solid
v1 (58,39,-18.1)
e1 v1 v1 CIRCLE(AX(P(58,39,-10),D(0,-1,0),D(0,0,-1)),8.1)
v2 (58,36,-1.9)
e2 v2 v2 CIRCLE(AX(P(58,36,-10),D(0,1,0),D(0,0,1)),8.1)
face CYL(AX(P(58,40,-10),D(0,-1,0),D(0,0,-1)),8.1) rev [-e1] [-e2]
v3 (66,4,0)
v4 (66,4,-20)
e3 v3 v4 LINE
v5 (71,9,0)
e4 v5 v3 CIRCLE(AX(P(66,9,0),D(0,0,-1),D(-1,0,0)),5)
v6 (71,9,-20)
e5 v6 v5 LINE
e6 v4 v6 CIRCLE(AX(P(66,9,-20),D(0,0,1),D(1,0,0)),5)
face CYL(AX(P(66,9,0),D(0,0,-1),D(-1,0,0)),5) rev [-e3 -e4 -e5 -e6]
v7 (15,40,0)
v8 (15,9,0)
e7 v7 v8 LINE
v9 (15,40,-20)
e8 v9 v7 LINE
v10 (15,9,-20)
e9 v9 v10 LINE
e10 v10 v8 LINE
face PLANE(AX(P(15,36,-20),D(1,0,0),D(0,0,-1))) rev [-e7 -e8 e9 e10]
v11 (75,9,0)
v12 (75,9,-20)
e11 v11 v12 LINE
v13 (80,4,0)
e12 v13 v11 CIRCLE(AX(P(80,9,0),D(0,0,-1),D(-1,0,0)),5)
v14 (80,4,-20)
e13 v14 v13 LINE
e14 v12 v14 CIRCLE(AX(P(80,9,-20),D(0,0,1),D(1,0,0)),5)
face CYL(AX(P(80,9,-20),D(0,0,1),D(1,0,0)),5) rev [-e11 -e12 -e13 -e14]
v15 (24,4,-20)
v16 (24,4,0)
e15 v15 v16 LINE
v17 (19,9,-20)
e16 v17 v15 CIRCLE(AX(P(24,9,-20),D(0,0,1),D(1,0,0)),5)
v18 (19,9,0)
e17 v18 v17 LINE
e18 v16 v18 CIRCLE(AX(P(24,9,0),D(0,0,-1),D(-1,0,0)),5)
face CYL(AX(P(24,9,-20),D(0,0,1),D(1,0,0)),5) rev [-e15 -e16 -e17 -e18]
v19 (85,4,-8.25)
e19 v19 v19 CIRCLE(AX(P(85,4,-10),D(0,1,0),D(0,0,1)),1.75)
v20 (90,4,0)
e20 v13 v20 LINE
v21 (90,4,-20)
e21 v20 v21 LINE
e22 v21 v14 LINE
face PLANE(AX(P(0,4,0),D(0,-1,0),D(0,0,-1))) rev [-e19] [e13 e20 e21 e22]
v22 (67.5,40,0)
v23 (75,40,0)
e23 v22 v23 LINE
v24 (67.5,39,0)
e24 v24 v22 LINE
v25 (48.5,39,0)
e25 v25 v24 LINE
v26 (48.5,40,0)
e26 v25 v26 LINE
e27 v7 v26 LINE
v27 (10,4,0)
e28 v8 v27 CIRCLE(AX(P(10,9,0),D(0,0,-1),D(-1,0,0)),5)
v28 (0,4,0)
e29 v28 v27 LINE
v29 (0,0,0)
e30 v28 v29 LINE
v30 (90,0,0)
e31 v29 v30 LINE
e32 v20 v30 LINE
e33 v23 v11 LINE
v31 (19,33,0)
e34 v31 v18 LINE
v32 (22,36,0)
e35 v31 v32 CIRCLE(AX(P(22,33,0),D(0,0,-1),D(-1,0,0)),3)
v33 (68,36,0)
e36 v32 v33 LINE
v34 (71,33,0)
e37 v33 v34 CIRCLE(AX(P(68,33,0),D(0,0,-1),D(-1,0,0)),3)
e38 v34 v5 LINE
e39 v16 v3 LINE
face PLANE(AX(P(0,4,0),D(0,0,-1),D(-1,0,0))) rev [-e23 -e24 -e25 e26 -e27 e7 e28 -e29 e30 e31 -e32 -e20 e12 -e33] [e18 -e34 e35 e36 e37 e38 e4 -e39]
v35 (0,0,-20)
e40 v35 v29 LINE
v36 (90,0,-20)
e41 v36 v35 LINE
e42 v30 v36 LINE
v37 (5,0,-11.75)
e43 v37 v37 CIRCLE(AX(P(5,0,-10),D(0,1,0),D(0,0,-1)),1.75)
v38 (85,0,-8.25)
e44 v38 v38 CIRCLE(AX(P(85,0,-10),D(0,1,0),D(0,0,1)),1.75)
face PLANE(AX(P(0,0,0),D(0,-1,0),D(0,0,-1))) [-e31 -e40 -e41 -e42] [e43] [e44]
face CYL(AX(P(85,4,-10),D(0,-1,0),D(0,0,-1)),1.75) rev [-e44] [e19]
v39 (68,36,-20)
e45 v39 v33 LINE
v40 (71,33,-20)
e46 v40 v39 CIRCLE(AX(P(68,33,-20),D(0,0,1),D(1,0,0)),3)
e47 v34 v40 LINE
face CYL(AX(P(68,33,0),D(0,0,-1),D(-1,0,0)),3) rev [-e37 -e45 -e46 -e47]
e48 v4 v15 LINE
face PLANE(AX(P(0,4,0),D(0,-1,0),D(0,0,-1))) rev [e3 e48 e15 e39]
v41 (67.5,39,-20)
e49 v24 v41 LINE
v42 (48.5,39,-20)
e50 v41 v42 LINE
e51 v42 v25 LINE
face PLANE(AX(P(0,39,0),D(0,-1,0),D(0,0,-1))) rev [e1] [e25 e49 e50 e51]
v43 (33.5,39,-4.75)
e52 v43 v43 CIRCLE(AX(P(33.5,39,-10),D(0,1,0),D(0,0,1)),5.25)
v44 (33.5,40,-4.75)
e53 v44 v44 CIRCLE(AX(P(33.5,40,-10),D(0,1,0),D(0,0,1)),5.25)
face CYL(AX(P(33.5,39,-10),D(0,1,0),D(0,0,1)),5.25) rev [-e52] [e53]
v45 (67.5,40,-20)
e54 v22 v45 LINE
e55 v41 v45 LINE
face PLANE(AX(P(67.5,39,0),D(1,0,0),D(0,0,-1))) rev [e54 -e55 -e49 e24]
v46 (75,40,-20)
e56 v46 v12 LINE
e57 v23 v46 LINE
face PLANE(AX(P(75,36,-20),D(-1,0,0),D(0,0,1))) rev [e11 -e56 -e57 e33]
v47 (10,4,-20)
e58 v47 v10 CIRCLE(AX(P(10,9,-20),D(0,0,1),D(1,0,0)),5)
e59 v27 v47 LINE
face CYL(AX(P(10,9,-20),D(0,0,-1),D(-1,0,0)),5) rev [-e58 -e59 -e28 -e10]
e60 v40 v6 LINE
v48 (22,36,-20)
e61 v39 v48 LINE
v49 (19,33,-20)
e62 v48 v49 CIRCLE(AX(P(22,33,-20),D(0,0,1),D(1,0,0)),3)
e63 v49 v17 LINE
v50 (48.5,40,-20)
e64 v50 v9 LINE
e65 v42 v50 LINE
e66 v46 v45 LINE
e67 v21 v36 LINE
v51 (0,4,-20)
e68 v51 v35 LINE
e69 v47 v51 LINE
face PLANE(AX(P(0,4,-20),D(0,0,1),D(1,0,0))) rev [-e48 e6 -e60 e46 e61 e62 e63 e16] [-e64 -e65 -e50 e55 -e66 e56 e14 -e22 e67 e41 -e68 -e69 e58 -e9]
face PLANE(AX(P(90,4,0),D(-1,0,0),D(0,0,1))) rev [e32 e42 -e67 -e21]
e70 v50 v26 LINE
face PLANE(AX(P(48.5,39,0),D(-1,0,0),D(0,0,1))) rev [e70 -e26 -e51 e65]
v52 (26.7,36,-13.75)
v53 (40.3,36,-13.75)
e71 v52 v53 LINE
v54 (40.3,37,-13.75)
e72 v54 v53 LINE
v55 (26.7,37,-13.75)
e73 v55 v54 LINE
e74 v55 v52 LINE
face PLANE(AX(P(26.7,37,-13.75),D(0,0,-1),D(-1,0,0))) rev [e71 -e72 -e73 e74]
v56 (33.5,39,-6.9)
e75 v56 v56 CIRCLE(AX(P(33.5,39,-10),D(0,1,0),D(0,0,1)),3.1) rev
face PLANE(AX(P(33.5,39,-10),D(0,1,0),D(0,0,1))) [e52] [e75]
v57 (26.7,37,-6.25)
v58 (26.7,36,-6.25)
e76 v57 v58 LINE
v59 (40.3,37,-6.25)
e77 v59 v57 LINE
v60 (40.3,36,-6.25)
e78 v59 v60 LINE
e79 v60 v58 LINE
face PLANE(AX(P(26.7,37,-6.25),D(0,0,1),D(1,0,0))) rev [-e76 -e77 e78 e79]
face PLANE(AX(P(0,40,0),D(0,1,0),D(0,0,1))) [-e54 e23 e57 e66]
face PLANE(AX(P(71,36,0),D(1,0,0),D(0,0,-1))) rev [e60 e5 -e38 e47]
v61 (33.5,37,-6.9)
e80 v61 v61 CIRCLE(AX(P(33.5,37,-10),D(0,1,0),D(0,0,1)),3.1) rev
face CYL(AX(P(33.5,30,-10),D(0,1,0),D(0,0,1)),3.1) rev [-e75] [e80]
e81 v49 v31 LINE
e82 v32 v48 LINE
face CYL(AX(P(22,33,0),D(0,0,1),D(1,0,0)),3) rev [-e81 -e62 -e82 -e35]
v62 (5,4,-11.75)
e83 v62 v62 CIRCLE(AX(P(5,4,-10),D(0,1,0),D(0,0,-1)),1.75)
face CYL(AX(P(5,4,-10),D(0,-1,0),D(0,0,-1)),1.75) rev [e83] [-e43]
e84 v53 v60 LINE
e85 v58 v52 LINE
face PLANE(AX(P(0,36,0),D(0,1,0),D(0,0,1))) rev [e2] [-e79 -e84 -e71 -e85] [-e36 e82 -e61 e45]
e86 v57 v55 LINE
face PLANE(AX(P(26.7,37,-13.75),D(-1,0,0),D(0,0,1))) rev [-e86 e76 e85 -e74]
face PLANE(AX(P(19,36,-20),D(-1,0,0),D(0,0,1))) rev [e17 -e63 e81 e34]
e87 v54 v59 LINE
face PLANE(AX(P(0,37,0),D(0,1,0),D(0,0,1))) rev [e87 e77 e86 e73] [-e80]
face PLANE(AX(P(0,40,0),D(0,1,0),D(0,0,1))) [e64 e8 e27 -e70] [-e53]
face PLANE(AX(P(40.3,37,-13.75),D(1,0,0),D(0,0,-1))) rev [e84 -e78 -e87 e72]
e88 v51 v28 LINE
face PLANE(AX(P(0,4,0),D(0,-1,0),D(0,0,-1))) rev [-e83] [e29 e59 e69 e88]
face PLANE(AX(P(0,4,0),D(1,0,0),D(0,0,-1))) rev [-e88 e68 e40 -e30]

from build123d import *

# Parameters (mm, degrees)
SKETCH_1_W          = 90
SKETCH_1_H          = 20
SKETCH_1_R          = 1.75
EXTRUDE_1_DEPTH     = 4
SKETCH_2_W          = 4
SKETCH_2_H          = 20
EXTRUDE_2_DEPTH     = 32
SKETCH_3_W          = 60
SKETCH_3_H          = 20
SKETCH_3_R          = 8.1
EXTRUDE_3_DEPTH     = 4
FILLET_1_R          = 5
FILLET_2_R          = 3
SKETCH_4_W          = 19
SKETCH_4_H          = 20
CUT_EXTRUDE_1_DEPTH = 1
SKETCH_5_R          = 3.1
CUT_EXTRUDE_2_DEPTH = 10
SKETCH_6_W          = 13.6
SKETCH_6_H          = 7.5
CUT_EXTRUDE_3_DEPTH = 1
SKETCH_7_R          = 5.25
CUT_EXTRUDE_4_DEPTH = 1


with BuildPart() as part:
    # 草图1 → 凸台-拉伸1 (new body)
    with BuildSketch(Plane(origin=(0, 0, 0), x_dir=(1, 0, 0), z_dir=(0, 1, 0))):
        with Locations((45, 10)):
            Rectangle(SKETCH_1_W, SKETCH_1_H)
        with Locations(Location((85, 10, 0), (0, 0, 270))):
            Circle(SKETCH_1_R, mode=Mode.SUBTRACT)
        with Locations(Location((5, 10, 0), (0, 0, 90))):
            Circle(SKETCH_1_R, mode=Mode.SUBTRACT)
    extrude(amount=EXTRUDE_1_DEPTH)

    # 草图2 → 凸台-拉伸2 (add)
    with BuildSketch(Plane(origin=(0, 4, 0), x_dir=(1, 0, 0), z_dir=(0, 1, 0))):
        with Locations((17, 10)):
            Rectangle(SKETCH_2_W, SKETCH_2_H)
        with Locations((73, 10)):
            Rectangle(SKETCH_2_W, SKETCH_2_H)
    extrude(amount=EXTRUDE_2_DEPTH)

    # 草图3 → 凸台-拉伸3 (add)
    with BuildSketch(Plane(origin=(0, 36, 0), x_dir=(1, 0, 0), z_dir=(0, 1, 0))):
        with Locations((45, 10)):
            Rectangle(SKETCH_3_W, SKETCH_3_H)
        with Locations(Location((58, 10, 0), (0, 0, 270))):
            Circle(SKETCH_3_R, mode=Mode.SUBTRACT)
    extrude(amount=EXTRUDE_3_DEPTH)

    # 圆角1
    fillet_1_edges = [part.edges().sort_by_distance(p)[0] for p in [
        (15, 4, -10),
        (19, 4, -10),
        (75, 4, -10),
        (71, 4, -10),
    ]]
    fillet(fillet_1_edges, radius=FILLET_1_R)

    # 圆角2
    fillet_2_edges = [part.edges().sort_by_distance(p)[0] for p in [
        (19, 36, -10),
        (71, 36, -10),
    ]]
    fillet(fillet_2_edges, radius=FILLET_2_R)

    # 草图4 → 切除-拉伸1 (cut)
    with BuildSketch(Plane(origin=(0, 40, 0), x_dir=(1, 0, 0), z_dir=(0, 1, 0))):
        with Locations((58, 10)):
            Rectangle(SKETCH_4_W, SKETCH_4_H)
    extrude(amount=-CUT_EXTRUDE_1_DEPTH, mode=Mode.SUBTRACT)

    # 草图5 → 切除-拉伸2 (cut)
    with BuildSketch(Plane(origin=(0, 40, 0), x_dir=(1, 0, 0), z_dir=(0, 1, 0))):
        with Locations(Location((33.5, 10, 0), (0, 0, 270))):
            Circle(SKETCH_5_R)
    extrude(amount=-CUT_EXTRUDE_2_DEPTH, mode=Mode.SUBTRACT)

    # 草图6 → 切除-拉伸3 (cut)
    with BuildSketch(Plane.XZ.offset(-36)):
        with Locations((33.5, -10)):
            Rectangle(SKETCH_6_W, SKETCH_6_H)
    extrude(amount=-CUT_EXTRUDE_3_DEPTH, mode=Mode.SUBTRACT)

    # 草图7 → 切除-拉伸4 (cut)
    with BuildSketch(Plane(origin=(0, 40, 0), x_dir=(1, 0, 0), z_dir=(0, 1, 0))):
        with Locations(Location((33.5, 10, 0), (0, 0, 270))):
            Circle(SKETCH_7_R)
    extrude(amount=-CUT_EXTRUDE_4_DEPTH, mode=Mode.SUBTRACT)


solid = part.part
